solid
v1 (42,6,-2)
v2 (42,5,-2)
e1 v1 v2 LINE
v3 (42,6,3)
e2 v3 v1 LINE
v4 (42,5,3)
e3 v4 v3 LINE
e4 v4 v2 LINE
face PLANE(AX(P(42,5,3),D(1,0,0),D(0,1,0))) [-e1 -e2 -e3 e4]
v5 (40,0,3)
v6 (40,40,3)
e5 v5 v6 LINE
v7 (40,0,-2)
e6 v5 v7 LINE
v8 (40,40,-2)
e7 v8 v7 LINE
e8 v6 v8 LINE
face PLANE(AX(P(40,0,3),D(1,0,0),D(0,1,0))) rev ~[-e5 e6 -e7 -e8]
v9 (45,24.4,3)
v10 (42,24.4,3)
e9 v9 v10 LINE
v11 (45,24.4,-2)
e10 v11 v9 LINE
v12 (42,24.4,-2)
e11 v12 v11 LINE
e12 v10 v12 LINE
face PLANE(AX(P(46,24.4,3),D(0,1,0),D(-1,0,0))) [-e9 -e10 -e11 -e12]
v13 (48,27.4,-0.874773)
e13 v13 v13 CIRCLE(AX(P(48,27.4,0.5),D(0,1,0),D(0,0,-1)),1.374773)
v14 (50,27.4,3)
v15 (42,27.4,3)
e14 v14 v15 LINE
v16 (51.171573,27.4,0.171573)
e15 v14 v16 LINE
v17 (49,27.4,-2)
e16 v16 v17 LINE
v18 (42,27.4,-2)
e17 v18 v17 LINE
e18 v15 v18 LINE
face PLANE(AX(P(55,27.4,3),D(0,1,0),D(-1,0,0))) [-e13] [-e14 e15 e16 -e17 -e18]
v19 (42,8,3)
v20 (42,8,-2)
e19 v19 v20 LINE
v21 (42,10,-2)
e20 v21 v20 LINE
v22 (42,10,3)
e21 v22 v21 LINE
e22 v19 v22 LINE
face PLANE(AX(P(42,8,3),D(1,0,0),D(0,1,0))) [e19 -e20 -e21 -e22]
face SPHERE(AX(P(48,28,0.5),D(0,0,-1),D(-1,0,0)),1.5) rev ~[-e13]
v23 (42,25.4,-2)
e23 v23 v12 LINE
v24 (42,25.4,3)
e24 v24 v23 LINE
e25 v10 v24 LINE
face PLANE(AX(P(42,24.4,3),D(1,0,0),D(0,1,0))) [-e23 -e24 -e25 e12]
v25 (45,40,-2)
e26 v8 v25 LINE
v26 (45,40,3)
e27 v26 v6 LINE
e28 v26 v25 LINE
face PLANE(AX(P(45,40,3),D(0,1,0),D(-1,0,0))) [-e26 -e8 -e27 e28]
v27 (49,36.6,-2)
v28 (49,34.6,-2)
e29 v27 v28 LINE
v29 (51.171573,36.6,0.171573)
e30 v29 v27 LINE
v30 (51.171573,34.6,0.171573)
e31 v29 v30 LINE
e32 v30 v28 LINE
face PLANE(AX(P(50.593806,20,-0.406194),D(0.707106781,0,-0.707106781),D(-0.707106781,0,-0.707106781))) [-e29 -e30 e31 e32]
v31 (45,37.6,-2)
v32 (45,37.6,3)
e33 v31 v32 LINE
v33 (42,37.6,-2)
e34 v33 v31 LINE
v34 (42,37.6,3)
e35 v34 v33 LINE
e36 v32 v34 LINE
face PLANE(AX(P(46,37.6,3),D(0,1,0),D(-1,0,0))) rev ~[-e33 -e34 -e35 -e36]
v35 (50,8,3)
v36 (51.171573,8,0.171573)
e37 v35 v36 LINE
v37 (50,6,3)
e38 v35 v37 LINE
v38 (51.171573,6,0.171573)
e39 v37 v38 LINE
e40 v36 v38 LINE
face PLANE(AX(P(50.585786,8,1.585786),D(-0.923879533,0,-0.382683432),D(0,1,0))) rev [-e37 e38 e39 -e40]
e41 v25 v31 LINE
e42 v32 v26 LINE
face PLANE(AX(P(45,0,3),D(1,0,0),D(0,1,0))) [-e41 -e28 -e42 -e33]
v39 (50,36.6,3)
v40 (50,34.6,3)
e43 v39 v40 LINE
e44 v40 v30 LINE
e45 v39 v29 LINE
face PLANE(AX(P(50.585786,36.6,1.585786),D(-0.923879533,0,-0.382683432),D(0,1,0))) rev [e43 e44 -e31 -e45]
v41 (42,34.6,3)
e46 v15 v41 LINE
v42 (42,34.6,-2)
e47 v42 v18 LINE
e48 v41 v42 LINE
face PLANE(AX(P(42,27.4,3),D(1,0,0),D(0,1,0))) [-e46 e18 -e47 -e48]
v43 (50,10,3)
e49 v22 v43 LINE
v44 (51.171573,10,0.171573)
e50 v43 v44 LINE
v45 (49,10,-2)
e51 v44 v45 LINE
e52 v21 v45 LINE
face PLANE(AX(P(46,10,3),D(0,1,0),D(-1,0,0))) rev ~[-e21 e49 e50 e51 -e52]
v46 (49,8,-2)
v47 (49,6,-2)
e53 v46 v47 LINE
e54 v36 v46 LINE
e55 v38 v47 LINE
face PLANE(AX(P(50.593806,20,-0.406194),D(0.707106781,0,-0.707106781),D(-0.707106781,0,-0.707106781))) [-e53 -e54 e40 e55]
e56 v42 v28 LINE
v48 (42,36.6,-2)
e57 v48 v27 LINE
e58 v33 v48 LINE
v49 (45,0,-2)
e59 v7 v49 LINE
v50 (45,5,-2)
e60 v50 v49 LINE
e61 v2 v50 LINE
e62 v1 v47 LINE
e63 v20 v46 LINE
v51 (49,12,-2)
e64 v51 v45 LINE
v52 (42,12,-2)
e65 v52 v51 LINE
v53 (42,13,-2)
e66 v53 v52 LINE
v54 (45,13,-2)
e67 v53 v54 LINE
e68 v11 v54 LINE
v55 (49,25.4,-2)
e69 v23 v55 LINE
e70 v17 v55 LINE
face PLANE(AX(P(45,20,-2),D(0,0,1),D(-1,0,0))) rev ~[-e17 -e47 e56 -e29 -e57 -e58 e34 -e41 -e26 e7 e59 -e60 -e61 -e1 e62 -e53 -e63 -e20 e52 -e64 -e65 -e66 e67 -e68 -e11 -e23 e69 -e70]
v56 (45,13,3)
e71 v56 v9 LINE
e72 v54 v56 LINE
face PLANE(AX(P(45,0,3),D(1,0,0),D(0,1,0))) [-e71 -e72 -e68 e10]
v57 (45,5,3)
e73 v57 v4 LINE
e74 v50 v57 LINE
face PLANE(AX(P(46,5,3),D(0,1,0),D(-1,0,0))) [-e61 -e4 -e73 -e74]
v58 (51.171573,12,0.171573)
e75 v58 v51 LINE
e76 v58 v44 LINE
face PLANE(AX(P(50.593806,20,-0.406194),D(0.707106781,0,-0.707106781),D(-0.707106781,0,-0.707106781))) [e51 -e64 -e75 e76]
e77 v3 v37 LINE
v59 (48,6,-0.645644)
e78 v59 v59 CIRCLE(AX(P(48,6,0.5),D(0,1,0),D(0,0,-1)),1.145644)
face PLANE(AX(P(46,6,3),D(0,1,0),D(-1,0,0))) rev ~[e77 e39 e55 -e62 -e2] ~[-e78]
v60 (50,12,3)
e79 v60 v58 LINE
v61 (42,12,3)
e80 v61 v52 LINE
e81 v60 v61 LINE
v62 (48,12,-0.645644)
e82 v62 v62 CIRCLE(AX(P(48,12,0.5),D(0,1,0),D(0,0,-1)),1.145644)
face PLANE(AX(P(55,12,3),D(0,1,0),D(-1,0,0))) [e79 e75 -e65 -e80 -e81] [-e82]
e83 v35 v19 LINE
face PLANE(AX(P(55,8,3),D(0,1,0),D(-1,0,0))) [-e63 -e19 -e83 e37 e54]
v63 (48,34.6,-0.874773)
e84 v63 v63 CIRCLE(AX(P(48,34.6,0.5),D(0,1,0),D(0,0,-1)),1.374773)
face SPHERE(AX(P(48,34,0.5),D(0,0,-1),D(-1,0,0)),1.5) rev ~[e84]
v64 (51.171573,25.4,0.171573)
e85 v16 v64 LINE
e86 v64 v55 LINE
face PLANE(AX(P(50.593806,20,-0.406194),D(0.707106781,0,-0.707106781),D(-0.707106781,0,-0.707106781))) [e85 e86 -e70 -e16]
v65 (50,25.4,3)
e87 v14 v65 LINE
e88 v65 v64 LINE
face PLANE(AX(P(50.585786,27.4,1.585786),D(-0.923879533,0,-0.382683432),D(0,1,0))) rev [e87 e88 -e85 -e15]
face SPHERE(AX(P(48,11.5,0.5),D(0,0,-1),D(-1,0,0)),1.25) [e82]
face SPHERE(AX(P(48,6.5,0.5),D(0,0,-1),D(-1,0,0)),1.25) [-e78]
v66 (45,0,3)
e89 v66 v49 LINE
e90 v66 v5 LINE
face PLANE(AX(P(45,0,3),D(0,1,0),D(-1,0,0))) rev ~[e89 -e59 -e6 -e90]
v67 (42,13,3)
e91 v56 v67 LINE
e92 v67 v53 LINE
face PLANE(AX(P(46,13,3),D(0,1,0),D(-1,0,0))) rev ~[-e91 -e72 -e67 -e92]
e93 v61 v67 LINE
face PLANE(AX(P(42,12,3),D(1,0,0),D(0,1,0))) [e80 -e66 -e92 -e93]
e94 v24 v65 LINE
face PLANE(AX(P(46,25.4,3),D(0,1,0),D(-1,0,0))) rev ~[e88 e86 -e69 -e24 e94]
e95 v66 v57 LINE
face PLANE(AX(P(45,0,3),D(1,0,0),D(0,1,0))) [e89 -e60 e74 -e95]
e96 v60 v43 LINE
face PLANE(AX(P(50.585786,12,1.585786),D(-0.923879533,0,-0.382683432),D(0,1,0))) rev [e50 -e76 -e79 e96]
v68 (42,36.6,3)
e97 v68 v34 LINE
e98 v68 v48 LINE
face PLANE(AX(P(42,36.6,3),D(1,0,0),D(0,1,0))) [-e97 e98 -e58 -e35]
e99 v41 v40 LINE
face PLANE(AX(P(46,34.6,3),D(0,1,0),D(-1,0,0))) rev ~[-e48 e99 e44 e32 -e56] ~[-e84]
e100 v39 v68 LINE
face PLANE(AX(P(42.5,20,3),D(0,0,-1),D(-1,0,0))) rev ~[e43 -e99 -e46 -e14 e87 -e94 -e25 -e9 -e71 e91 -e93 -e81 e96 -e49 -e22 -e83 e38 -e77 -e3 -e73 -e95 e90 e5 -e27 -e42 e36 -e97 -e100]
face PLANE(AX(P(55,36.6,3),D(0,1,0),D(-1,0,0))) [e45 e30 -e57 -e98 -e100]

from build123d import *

# Parameters (mm, degrees)
BOX124_W               = 12
BOX124_H               = 44
BOX124_DEPTH           = 10
BOX119_W               = 4
BOX119_H               = 1
BOX119_DEPTH           = 7
BOX127_W               = 4
BOX127_H               = 1
BOX127_DEPTH           = 7
BOX128_W               = 4
BOX128_H               = 2
BOX128_DEPTH           = 7
BOX130_W               = 4
BOX130_H               = 1
BOX130_DEPTH           = 7
BOX122_W               = 4
BOX122_H               = 1
BOX122_DEPTH           = 7
BOX121_W               = 4
BOX121_H               = 7.2
BOX121_DEPTH           = 7
BOX120_W               = 13
BOX120_H               = 40
BOX120_DEPTH           = 10
BOX120_PITCH_ANGLE     = -45
BOX123_W               = 10
BOX123_H               = 2
BOX123_DEPTH           = 7
BOX126_W               = 10
BOX126_H               = 2
BOX126_DEPTH           = 7
BOX125_W               = 10
BOX125_H               = 2
BOX125_DEPTH           = 7
BOX129_W               = 10
BOX129_H               = 2
BOX129_DEPTH           = 7
BOX131_W               = 5
BOX131_H               = 40
BOX131_DEPTH           = 7
CHAMFER011_SIZE        = 4
CUT034_PLACEMENT_ANGLE = 180
CUT033_PLACEMENT_ANGLE = 180


with BuildPart() as cube108:
    # Box124 → Box124 (new body)
    with BuildSketch(Plane(origin=(-11, -2, -12), x_dir=(1, 0, 0), z_dir=(0, 0, 1))):
        with Locations((6, 22)):
            Rectangle(BOX124_W, BOX124_H)
    extrude(amount=BOX124_DEPTH)


with BuildPart() as cube103:
    # Box119 → Box119 (new body)
    with BuildSketch(Plane(origin=(-1, 12, 0), x_dir=(1, 0, 0), z_dir=(0, 0, 1))):
        with Locations((2, 0.5)):
            Rectangle(BOX119_W, BOX119_H)
    extrude(amount=BOX119_DEPTH)


with BuildPart() as cube111:
    # Box127 → Box127 (new body)
    with BuildSketch(Plane(origin=(-1, 36.6, 0), x_dir=(1, 0, 0), z_dir=(0, 0, 1))):
        with Locations((2, 0.5)):
            Rectangle(BOX127_W, BOX127_H)
    extrude(amount=BOX127_DEPTH)


with BuildPart() as cube112:
    # Box128 → Box128 (new body)
    with BuildSketch(Plane(origin=(-1, 8, 0), x_dir=(1, 0, 0), z_dir=(0, 0, 1))):
        with Locations((2, 1)):
            Rectangle(BOX128_W, BOX128_H)
    extrude(amount=BOX128_DEPTH)


with BuildPart() as cube114:
    # Box130 → Box130 (new body)
    with BuildSketch(Plane(origin=(-1, 24.4, 0), x_dir=(1, 0, 0), z_dir=(0, 0, 1))):
        with Locations((2, 0.5)):
            Rectangle(BOX130_W, BOX130_H)
    extrude(amount=BOX130_DEPTH)


with BuildPart() as cube106:
    # Box122 → Box122 (new body)
    with BuildSketch(Plane(origin=(-1, 5, 0), x_dir=(1, 0, 0), z_dir=(0, 0, 1))):
        with Locations((2, 0.5)):
            Rectangle(BOX122_W, BOX122_H)
    extrude(amount=BOX122_DEPTH)


with BuildPart() as fusion038:
    # Box121 → Box121 (new body)
    with BuildSketch(Plane(origin=(-1, 27.4, 0), x_dir=(1, 0, 0), z_dir=(0, 0, 1))):
        with Locations((2, 3.6)):
            Rectangle(BOX121_W, BOX121_H)
    extrude(amount=BOX121_DEPTH)

    # Fusion038: union Cube103, Cube111, Cube112, Cube114, Cube106
    add(cube103.part)
    add(cube111.part)
    add(cube112.part)
    add(cube114.part)
    add(cube106.part)


with BuildPart() as sphere044:
    # Sphere044 → Sphere044 (revolve)
    with BuildSketch(Plane(origin=(-3, 28, 2.5), x_dir=(1, 0, 0), z_dir=(0, -1, 0))):
        with BuildLine():
            ThreePointArc((0, -1.5), (1.5, 0), (0, 1.5))
            Line((0, 1.5), (0, -1.5))
        make_face()
    revolve(axis=Axis((-3, 28, 2.5), (0, 0, 1)))


with BuildPart() as fusion040:
    # Sphere046 → Sphere046 (revolve)
    with BuildSketch(Plane(origin=(-3, 34, 2.5), x_dir=(1, 0, 0), z_dir=(0, -1, 0))):
        with BuildLine():
            ThreePointArc((0, -1.5), (1.5, 0), (0, 1.5))
            Line((0, 1.5), (0, -1.5))
        make_face()
    revolve(axis=Axis((-3, 34, 2.5), (0, 0, 1)))

    # Fusion040: union Sphere044
    add(sphere044.part)


with BuildPart() as sphere045:
    # Sphere045 → Sphere045 (revolve)
    with BuildSketch(Plane(origin=(-3, 11.5, 2.5), x_dir=(1, 0, 0), z_dir=(0, -1, 0))):
        with BuildLine():
            ThreePointArc((0, -1.25), (1.25, 0), (0, 1.25))
            Line((0, 1.25), (0, -1.25))
        make_face()
    revolve(axis=Axis((-3, 11.5, 2.5), (0, 0, 1)))


with BuildPart() as cube104:
    # Box120 → Box120 (new body)
    with BuildSketch(Plane.XY):
        with Locations((6.5, 20)):
            Rectangle(BOX120_W, BOX120_H)
    extrude(amount=BOX120_DEPTH)


with BuildPart() as cube104_1:
    # Box120 pitch: moved
    add(cube104.part.rotate(Axis((0, 0, 0), (0, 1, 0)), BOX120_PITCH_ANGLE))


with BuildPart() as cube104_2:
    # Box120 placement: moved
    add(cube104_1.part.moved(Location((-10.19, 0, -1.19))))


with BuildPart() as cube107:
    # Box123 → Box123 (new body)
    with BuildSketch(Plane(origin=(-10, 6, 0), x_dir=(1, 0, 0), z_dir=(0, 0, 1))):
        with Locations((5, 1)):
            Rectangle(BOX123_W, BOX123_H)
    extrude(amount=BOX123_DEPTH)


with BuildPart() as cube110:
    # Box126 → Box126 (new body)
    with BuildSketch(Plane(origin=(-10, 10, 0), x_dir=(1, 0, 0), z_dir=(0, 0, 1))):
        with Locations((5, 1)):
            Rectangle(BOX126_W, BOX126_H)
    extrude(amount=BOX126_DEPTH)


with BuildPart() as cube109:
    # Box125 → Box125 (new body)
    with BuildSketch(Plane(origin=(-10, 25.4, 0), x_dir=(1, 0, 0), z_dir=(0, 0, 1))):
        with Locations((5, 1)):
            Rectangle(BOX125_W, BOX125_H)
    extrude(amount=BOX125_DEPTH)


with BuildPart() as cube113:
    # Box129 → Box129 (new body)
    with BuildSketch(Plane(origin=(-10, 34.6, 0), x_dir=(1, 0, 0), z_dir=(0, 0, 1))):
        with Locations((5, 1)):
            Rectangle(BOX129_W, BOX129_H)
    extrude(amount=BOX129_DEPTH)


with BuildPart() as cut035:
    # Box131 → Box131 (new body)
    with BuildSketch(Plane.XY):
        with Locations((2.5, 20)):
            Rectangle(BOX131_W, BOX131_H)
    extrude(amount=BOX131_DEPTH)

    # Fusion041: union Cube107, Cube110, Cube109, Cube113
    add(cube107.part)
    add(cube110.part)
    add(cube109.part)
    add(cube113.part)

    # Cut035: cut Cube104
    add(cube104_2.part, mode=Mode.SUBTRACT)


with BuildPart() as cut033:
    # Sphere043 → Sphere043 (revolve)
    with BuildSketch(Plane(origin=(-3, 6.5, 2.5), x_dir=(1, 0, 0), z_dir=(0, -1, 0))):
        with BuildLine():
            ThreePointArc((0, -1.25), (1.25, 0), (0, 1.25))
            Line((0, 1.25), (0, -1.25))
        make_face()
    revolve(axis=Axis((-3, 6.5, 2.5), (0, 0, 1)))

    # Fusion039: union Sphere045, Cut035
    add(sphere045.part)
    add(cut035.part)

    # Cut036: cut Fusion040
    add(fusion040.part, mode=Mode.SUBTRACT)

    # Chamfer011
    chamfer011_edges = [cut033.edges().sort_by_distance(p)[0] for p in [
        (-9, 7, 0),
        (-9, 11, 0),
        (-9, 35.6, 0),
        (-9, 26.4, 0),
    ]]
    chamfer(chamfer011_edges, length=CHAMFER011_SIZE)

    # Cut034: cut Fusion038
    add(fusion038.part, mode=Mode.SUBTRACT)


with BuildPart() as cut033_1:
    # Cut034 placement: moved
    add(cut033.part.moved(Location((-5, 40, 3))).rotate(Axis((-5, 40, 3), (1, 0, 0)), CUT034_PLACEMENT_ANGLE))

    # Cut033: cut Cube108
    add(cube108.part, mode=Mode.SUBTRACT)


with BuildPart() as cut033_2:
    # Cut033 placement: moved
    add(cut033_1.part.moved(Location((40, 40, 0))).rotate(Axis((40, 40, 0), (0, 0, 1)), CUT033_PLACEMENT_ANGLE))


solid = cut033_2.part
